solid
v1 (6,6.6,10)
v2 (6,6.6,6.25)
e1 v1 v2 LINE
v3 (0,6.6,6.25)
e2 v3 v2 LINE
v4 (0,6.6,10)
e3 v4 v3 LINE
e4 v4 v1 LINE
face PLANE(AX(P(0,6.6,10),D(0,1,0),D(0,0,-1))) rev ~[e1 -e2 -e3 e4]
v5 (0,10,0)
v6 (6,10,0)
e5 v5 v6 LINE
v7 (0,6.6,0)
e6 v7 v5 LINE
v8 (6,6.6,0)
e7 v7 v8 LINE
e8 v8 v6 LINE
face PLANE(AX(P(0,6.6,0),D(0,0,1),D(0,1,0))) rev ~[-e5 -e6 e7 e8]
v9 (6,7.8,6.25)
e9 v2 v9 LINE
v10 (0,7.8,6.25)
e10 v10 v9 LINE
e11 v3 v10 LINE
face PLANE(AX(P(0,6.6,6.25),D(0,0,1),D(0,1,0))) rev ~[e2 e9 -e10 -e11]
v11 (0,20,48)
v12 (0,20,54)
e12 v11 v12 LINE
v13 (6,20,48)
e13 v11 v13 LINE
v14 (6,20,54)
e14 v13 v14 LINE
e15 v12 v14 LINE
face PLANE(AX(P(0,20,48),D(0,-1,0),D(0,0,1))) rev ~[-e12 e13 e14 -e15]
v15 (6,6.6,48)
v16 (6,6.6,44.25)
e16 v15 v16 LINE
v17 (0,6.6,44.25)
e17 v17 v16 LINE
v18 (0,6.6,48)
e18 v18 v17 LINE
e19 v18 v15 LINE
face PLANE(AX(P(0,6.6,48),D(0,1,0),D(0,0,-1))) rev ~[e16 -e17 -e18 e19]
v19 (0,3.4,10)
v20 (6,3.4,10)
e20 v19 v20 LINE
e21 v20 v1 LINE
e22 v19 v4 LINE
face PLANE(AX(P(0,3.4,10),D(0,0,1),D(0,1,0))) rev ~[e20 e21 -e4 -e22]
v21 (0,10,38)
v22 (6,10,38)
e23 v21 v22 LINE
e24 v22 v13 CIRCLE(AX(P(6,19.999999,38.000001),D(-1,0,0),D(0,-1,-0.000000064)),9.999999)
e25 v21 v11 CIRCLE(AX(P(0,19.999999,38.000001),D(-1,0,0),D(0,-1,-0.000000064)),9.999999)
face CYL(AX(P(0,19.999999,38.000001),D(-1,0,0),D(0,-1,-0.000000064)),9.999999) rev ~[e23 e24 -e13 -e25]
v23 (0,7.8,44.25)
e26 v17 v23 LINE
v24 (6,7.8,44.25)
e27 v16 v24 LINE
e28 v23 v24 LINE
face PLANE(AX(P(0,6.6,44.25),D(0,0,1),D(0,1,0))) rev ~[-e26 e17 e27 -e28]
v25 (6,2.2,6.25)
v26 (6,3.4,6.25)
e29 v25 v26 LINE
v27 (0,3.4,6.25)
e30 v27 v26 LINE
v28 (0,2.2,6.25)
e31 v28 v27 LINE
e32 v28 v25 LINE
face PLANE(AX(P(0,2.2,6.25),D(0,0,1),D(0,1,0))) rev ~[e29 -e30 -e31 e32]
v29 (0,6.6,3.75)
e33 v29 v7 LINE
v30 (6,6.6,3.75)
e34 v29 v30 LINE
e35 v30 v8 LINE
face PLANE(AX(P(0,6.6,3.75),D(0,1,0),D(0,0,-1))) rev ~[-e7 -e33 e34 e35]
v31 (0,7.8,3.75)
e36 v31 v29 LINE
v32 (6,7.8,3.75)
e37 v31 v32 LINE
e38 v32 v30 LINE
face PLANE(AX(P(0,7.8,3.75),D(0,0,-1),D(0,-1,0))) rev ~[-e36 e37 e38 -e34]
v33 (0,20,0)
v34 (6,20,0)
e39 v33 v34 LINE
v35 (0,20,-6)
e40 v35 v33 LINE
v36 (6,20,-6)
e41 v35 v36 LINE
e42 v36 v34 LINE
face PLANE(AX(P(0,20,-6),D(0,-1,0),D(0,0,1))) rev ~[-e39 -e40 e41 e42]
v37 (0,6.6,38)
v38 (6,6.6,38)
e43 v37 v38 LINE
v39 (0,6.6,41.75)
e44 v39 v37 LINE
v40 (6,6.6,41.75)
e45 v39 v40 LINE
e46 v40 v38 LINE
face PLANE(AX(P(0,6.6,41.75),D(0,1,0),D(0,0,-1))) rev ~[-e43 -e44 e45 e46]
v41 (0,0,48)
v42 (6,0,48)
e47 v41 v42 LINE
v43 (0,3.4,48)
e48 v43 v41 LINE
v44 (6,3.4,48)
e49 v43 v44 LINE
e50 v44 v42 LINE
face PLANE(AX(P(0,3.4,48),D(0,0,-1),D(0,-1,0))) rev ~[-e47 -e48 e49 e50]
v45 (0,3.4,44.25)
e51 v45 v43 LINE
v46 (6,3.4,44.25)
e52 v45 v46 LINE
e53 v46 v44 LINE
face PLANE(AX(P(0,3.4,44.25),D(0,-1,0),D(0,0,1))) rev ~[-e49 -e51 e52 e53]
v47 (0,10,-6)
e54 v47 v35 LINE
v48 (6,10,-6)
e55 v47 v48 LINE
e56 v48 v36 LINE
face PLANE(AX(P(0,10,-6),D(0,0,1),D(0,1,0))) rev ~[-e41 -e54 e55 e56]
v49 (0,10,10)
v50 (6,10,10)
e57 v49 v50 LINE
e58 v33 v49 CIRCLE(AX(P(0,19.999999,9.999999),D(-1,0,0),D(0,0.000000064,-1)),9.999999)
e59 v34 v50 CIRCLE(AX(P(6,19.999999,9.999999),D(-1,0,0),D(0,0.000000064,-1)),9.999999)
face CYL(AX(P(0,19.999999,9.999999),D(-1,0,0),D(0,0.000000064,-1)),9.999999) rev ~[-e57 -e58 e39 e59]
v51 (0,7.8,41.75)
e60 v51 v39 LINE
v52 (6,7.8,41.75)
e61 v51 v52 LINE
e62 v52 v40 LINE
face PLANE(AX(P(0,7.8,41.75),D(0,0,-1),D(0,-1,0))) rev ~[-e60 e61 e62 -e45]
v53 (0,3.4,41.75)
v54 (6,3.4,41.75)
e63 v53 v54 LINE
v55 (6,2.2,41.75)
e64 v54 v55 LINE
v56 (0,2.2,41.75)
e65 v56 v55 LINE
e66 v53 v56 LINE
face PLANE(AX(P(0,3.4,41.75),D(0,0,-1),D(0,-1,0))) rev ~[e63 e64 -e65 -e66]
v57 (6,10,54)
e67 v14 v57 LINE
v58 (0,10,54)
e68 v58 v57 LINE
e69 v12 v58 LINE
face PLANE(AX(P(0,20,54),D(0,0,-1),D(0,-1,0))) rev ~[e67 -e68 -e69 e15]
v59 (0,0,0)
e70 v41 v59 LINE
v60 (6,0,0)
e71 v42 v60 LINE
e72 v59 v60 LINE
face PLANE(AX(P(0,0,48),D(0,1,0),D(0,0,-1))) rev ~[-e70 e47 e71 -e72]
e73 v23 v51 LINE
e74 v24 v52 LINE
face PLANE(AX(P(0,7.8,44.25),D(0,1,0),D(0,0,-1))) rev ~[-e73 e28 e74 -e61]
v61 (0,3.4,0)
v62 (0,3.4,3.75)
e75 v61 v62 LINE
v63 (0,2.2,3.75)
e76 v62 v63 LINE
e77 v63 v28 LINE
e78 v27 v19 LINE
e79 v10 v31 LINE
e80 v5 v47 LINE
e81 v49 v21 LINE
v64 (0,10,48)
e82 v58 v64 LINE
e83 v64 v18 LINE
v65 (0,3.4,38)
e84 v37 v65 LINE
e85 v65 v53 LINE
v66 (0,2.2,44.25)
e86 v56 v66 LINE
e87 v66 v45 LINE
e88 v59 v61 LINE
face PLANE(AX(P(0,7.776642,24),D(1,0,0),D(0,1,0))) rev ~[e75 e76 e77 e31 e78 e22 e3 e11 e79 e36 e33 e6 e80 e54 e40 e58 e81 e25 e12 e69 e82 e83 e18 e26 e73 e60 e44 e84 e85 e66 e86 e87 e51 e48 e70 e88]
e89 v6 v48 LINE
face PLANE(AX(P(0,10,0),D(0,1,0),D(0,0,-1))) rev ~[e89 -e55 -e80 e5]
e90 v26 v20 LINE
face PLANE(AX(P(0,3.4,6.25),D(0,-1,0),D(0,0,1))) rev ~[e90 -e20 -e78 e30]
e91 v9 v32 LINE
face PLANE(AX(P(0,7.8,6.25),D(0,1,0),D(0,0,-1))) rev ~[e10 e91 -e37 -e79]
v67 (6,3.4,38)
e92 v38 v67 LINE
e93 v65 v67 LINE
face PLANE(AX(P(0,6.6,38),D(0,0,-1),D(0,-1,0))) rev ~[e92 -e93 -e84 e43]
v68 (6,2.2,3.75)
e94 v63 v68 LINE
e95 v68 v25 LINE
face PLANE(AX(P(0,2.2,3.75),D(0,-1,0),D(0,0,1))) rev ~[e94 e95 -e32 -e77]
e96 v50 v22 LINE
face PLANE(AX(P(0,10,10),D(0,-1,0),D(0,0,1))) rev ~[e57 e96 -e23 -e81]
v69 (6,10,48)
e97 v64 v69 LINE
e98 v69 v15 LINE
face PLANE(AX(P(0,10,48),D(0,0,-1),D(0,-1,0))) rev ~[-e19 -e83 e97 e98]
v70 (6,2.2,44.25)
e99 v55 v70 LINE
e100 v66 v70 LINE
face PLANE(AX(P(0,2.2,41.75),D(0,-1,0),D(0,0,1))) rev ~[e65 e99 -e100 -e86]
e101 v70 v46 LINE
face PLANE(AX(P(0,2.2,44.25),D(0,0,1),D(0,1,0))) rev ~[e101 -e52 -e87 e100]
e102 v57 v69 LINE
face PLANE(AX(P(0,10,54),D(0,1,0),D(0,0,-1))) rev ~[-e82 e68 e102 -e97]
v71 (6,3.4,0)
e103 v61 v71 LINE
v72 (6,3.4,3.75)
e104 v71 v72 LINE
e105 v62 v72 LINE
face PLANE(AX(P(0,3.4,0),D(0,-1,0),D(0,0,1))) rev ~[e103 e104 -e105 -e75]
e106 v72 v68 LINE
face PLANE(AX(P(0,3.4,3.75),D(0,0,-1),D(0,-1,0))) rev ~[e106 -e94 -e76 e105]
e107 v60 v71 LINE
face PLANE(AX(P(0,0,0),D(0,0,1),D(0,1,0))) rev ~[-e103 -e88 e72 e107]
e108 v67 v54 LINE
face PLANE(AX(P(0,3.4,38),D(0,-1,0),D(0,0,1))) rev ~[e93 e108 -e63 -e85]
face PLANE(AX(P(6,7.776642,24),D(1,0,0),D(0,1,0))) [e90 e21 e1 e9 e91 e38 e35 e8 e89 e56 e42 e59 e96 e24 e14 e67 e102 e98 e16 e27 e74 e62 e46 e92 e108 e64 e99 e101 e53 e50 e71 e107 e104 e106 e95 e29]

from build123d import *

# Parameters (mm, degrees)
F1_DEPTH = 6


with BuildPart() as f1:
    # F0 (on Right) → F1 (new body)
    with BuildSketch(Plane.YZ):
        with BuildLine():
            Line((3.4, 48), (0, 48))
            Line((0, 48), (0, 0))
            Line((0, 0), (3.4, 0))
            Line((3.4, 0), (3.4, 3.75))
            Line((3.4, 3.75), (2.2, 3.75))
            Line((2.2, 3.75), (2.2, 6.25))
            Line((2.2, 6.25), (3.4, 6.25))
            Line((3.4, 6.25), (3.4, 10))
            Line((3.4, 10), (5, 10))
            Line((5, 10), (6.6, 10))
            Line((6.6, 10), (6.6, 6.25))
            Line((6.6, 6.25), (7.8, 6.25))
            Line((7.8, 6.25), (7.8, 3.75))
            Line((7.8, 3.75), (6.6, 3.75))
            Line((6.6, 3.75), (6.6, 0))
            Line((6.6, 0), (10, 0))
            Line((10, 0), (10, -6))
            Line((10, -6), (20, -6))
            Line((20, -6), (20, 0))
            ThreePointArc((20, 0), (12.928932, 2.928932), (10, 10))
            Line((10, 10), (10, 38))
            ThreePointArc((10, 38), (12.928932, 45.071068), (20, 48))
            Line((20, 48), (20, 54))
            Line((20, 54), (10, 54))
            Line((10, 54), (10, 48))
            Line((10, 48), (6.6, 48))
            Line((6.6, 48), (6.6, 44.25))
            Line((6.6, 44.25), (7.8, 44.25))
            Line((7.8, 44.25), (7.8, 41.75))
            Line((7.8, 41.75), (6.6, 41.75))
            Line((6.6, 41.75), (6.6, 38))
            Line((6.6, 38), (5, 38))
            Line((5, 38), (3.4, 38))
            Line((3.4, 38), (3.4, 41.75))
            Line((3.4, 41.75), (2.2, 41.75))
            Line((2.2, 41.75), (2.2, 44.25))
            Line((2.2, 44.25), (3.4, 44.25))
            Line((3.4, 44.25), (3.4, 48))
        make_face()
    extrude(amount=F1_DEPTH)


solid = f1.part
